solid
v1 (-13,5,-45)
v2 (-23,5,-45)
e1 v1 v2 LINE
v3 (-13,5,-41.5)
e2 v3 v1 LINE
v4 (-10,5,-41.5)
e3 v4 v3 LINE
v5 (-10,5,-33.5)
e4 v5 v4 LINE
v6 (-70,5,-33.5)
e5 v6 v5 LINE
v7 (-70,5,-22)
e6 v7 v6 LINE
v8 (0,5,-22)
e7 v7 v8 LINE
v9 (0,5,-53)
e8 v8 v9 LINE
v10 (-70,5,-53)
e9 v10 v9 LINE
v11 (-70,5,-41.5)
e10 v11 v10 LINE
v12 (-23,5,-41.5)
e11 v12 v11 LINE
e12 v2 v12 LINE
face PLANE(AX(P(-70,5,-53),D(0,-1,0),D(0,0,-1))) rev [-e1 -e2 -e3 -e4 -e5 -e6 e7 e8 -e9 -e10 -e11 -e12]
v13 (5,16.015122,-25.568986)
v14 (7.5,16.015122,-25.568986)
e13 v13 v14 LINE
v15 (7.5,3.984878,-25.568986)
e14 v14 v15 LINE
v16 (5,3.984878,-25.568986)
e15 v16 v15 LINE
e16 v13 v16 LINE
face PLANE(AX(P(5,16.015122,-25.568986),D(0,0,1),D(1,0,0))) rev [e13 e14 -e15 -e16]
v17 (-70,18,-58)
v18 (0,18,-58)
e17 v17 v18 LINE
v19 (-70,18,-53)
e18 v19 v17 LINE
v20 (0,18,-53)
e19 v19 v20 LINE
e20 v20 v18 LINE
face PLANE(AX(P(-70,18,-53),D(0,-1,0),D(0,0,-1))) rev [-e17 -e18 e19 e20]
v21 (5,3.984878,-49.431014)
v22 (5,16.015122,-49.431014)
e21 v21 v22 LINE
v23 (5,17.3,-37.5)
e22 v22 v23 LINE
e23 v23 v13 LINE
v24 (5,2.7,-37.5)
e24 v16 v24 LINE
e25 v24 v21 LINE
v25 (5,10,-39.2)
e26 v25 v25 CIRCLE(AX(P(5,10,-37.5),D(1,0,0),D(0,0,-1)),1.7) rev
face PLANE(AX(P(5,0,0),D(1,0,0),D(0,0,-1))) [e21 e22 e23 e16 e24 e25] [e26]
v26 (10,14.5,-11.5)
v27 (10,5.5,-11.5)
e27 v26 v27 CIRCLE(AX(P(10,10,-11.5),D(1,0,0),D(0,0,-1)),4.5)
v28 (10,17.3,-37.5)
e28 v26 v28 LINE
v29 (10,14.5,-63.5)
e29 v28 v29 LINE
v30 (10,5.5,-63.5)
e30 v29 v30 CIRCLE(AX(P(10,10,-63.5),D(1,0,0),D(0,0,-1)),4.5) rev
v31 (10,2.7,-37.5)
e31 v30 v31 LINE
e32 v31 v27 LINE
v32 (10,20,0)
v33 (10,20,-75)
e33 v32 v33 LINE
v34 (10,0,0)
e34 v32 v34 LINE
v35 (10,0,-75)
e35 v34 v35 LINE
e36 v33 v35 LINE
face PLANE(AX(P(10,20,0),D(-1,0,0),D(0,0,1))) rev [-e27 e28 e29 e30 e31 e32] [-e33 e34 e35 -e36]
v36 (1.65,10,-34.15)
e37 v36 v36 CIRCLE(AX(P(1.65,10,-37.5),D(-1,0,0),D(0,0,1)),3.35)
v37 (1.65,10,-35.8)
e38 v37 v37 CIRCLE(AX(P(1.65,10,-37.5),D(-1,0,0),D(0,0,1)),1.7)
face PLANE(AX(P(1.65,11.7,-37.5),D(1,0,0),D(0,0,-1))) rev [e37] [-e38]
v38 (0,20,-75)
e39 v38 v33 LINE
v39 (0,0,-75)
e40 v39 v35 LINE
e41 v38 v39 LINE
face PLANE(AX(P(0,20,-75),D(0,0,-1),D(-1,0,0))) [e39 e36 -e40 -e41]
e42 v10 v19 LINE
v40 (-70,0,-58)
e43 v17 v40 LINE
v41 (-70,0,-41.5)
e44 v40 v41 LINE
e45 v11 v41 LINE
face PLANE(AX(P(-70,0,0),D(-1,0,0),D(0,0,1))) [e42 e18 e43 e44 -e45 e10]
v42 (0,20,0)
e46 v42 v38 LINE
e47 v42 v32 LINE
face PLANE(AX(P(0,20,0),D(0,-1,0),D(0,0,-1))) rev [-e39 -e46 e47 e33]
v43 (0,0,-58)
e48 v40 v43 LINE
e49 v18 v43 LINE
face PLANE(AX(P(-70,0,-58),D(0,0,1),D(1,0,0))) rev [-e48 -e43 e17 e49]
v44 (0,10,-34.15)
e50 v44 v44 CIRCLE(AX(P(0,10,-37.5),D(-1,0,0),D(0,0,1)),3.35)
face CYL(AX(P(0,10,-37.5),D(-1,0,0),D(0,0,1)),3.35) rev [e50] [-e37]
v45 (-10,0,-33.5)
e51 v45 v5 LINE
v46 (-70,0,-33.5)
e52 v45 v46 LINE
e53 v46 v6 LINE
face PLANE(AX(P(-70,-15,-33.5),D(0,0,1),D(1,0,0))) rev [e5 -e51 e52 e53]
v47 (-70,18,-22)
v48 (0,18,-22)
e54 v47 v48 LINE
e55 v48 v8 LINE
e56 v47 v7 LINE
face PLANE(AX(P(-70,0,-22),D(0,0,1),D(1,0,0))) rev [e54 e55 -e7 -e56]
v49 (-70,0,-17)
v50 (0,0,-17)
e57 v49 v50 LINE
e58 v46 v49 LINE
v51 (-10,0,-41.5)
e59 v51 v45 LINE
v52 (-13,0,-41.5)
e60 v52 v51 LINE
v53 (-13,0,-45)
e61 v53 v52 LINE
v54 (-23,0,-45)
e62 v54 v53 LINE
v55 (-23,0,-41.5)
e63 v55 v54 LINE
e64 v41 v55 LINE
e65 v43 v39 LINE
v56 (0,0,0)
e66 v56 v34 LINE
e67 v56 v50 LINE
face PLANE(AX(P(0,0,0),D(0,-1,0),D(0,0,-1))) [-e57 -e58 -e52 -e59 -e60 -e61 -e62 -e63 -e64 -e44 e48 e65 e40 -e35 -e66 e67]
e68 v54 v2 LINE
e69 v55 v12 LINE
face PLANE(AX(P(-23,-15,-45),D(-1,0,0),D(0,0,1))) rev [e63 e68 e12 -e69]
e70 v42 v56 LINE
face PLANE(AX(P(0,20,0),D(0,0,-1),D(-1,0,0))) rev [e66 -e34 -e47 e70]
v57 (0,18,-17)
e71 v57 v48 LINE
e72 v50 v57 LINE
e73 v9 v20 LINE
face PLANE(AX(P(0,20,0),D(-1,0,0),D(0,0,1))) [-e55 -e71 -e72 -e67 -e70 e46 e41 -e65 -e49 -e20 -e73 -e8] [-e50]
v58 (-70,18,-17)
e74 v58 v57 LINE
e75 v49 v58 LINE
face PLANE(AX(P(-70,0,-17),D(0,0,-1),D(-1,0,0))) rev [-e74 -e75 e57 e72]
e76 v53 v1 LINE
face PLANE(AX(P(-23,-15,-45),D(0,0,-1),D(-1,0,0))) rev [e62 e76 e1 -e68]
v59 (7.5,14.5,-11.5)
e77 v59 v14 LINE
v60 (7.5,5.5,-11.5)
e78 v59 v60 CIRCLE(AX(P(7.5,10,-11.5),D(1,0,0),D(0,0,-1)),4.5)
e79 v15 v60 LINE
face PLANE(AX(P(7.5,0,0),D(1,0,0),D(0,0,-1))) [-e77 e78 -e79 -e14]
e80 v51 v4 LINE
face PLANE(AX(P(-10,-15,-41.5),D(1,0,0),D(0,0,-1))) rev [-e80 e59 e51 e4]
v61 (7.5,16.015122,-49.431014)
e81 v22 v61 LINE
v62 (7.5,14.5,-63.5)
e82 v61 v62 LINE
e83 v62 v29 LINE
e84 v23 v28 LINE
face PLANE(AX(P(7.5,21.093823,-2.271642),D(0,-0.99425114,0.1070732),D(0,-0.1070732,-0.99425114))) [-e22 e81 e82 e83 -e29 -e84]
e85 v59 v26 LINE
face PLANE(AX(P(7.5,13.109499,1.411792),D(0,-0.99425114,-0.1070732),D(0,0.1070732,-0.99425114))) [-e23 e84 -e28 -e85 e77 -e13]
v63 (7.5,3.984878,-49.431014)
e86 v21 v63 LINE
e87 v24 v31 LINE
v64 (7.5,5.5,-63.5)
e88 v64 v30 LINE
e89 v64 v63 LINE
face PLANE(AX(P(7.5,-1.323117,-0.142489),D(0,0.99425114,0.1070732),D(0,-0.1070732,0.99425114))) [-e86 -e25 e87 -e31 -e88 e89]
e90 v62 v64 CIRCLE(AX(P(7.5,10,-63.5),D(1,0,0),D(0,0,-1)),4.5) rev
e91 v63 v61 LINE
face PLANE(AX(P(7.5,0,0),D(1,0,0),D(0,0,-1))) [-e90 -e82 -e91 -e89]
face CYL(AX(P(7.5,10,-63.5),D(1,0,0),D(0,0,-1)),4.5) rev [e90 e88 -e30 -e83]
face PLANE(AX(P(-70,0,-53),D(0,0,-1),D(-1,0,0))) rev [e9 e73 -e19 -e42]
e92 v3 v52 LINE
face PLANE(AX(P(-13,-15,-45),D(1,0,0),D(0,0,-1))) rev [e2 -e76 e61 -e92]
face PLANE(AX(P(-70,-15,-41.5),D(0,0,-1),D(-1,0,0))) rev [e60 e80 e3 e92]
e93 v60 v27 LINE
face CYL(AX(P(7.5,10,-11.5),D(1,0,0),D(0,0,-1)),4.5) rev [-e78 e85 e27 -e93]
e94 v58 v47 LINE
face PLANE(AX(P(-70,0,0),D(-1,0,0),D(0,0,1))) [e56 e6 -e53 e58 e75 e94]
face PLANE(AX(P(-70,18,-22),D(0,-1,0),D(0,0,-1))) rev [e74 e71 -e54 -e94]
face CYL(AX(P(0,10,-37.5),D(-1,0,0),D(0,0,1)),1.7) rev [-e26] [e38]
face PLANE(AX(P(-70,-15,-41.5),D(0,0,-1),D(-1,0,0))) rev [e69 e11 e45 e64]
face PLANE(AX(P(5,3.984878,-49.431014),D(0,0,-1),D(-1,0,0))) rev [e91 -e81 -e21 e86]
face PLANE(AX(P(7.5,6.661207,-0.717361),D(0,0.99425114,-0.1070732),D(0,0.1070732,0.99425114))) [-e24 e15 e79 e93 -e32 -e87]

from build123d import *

# Parameters (mm, degrees)
SKETCH_1_W                   = 10
SKETCH_1_H                   = 75
EXTRUDE_2_DEPTH              = 20
SKETCH_10_W                  = 31
SKETCH_10_H                  = 5
EXTRUDE_3_DEPTH              = 70
SKETCH_11_W                  = 5
SKETCH_11_H                  = 18
EXTRUDE_4_DEPTH              = 70
SKETCH_12_W                  = 5
SKETCH_12_H                  = 18
EXTRUDE_5_DEPTH              = 70
SKETCH_13_W                  = 60
SKETCH_13_H                  = 8
CUT_EXTRUDE_6_DEPTH          = 20
SKETCH_14_W                  = 10
SKETCH_14_H                  = 3.5
CUT_EXTRUDE_7_DEPTH          = 20
HOLE_WIZARD_M3_1_D           = 3.4
HOLE_WIZARD_M3_1_DEPTH       = 20
HOLE_WIZARD_M3_1_CBORE_D     = 6.7
HOLE_WIZARD_M3_1_CBORE_DEPTH = 1.65
HOLE_WIZARD_M3_1_TIP         = 1.021463052
CUT_EXTRUDE_8_DEPTH          = 2.5
CUT_EXTRUDE_9_DEPTH          = 5


with BuildPart() as part:
    # 草图1 → 凸台-拉伸2 (new body)
    with BuildSketch(Plane(origin=(0, 0, 0), x_dir=(1, 0, 0), z_dir=(0, 1, 0))):
        with Locations((5, 37.5)):
            Rectangle(SKETCH_1_W, SKETCH_1_H)
    extrude(amount=EXTRUDE_2_DEPTH)

    # 草图10 → 凸台-拉伸3 (add)
    with BuildSketch(Plane.ZY):
        with Locations((-37.5, 2.5)):
            Rectangle(SKETCH_10_W, SKETCH_10_H)
    extrude(amount=EXTRUDE_3_DEPTH)

    # 草图11 → 凸台-拉伸4 (add)
    with BuildSketch(Plane.ZY):
        with Locations((-19.5, 9)):
            Rectangle(SKETCH_11_W, SKETCH_11_H)
    extrude(amount=EXTRUDE_4_DEPTH)

    # 草图12 → 凸台-拉伸5 (add)
    with BuildSketch(Plane.ZY):
        with Locations((-55.5, 9)):
            Rectangle(SKETCH_12_W, SKETCH_12_H)
    extrude(amount=EXTRUDE_5_DEPTH)

    # 草图13 → 切除-拉伸6 (cut)
    with BuildSketch(Plane(origin=(0, 5, 0), x_dir=(1, 0, 0), z_dir=(0, 1, 0))):
        with Locations((-40, 37.5)):
            Rectangle(SKETCH_13_W, SKETCH_13_H)
    extrude(amount=-CUT_EXTRUDE_6_DEPTH, mode=Mode.SUBTRACT)

    # 草图14 → 切除-拉伸7 (cut)
    with BuildSketch(Plane(origin=(0, 5, 0), x_dir=(1, 0, 0), z_dir=(0, 1, 0))):
        with Locations((-18, 43.25)):
            Rectangle(SKETCH_14_W, SKETCH_14_H)
    extrude(amount=-CUT_EXTRUDE_7_DEPTH, mode=Mode.SUBTRACT)

    # M3 凹圆头螺钉的柱形沉头孔1
    with Locations(Plane(origin=(0, 10, -37.5), x_dir=(0, 0, -1), z_dir=(-1, 0, 0))):
        with Locations((0, 0)):
            CounterBoreHole(HOLE_WIZARD_M3_1_D / 2, HOLE_WIZARD_M3_1_CBORE_D / 2, HOLE_WIZARD_M3_1_CBORE_DEPTH, depth=HOLE_WIZARD_M3_1_DEPTH)
            with Locations((0, 0, -(HOLE_WIZARD_M3_1_DEPTH + HOLE_WIZARD_M3_1_TIP / 2))):  # 118° drill point
                Cone(0, HOLE_WIZARD_M3_1_D / 2, HOLE_WIZARD_M3_1_TIP, mode=Mode.SUBTRACT)

    # 草图5 → 切除-拉伸8 (cut)
    with BuildSketch(Plane(origin=(10, 0, 0), x_dir=(0, 0, -1), z_dir=(1, 0, 0))):
        with BuildLine():
            Line((63.5, 14.5), (39.054281703, 17.132615817))
            ThreePointArc((39.054281703, 17.132615817), (43.184903536, 14.579505626), (44.8, 10))
            ThreePointArc((44.8, 10), (43.184903536, 5.420494374), (39.054281703, 2.867384183))
            Line((39.054281703, 2.867384183), (63.5, 5.5))
            ThreePointArc((63.5, 5.5), (68, 10), (63.5, 14.5))
        make_face()
        with BuildLine():
            Line((37.5, 17.3), (35.945718297, 17.132615817))
            ThreePointArc((35.945718297, 17.132615817), (30.2, 10), (35.945718297, 2.867384183))
            Line((35.945718297, 2.867384183), (37.5, 2.7))
            Line((37.5, 2.7), (39.054281703, 2.867384183))
            ThreePointArc((39.054281703, 2.867384183), (43.184903536, 5.420494374), (44.8, 10))
            ThreePointArc((44.8, 10), (43.184903536, 14.579505626), (39.054281703, 17.132615817))
            Line((39.054281703, 17.132615817), (37.5, 17.3))
        make_face()
        with BuildLine():
            Line((35.945718297, 17.132615817), (11.5, 14.5))
            ThreePointArc((11.5, 14.5), (7, 10), (11.5, 5.5))
            Line((11.5, 5.5), (35.945718297, 2.867384183))
            ThreePointArc((35.945718297, 2.867384183), (30.2, 10), (35.945718297, 17.132615817))
        make_face()
    extrude(amount=-CUT_EXTRUDE_8_DEPTH, mode=Mode.SUBTRACT)

    # 草图16 → 切除-拉伸9 (cut)
    with BuildSketch(Plane(origin=(10, 0, 0), x_dir=(0, 0, -1), z_dir=(1, 0, 0))):
        Polygon((37.5, 17.3), (25.568986317, 16.015121603), (25.568986317, 3.984878397), (37.5, 2.7), (49.431013683, 3.984878397), (49.431013683, 16.015121603), align=None)
    extrude(amount=-CUT_EXTRUDE_9_DEPTH, mode=Mode.SUBTRACT)


solid = part.part
